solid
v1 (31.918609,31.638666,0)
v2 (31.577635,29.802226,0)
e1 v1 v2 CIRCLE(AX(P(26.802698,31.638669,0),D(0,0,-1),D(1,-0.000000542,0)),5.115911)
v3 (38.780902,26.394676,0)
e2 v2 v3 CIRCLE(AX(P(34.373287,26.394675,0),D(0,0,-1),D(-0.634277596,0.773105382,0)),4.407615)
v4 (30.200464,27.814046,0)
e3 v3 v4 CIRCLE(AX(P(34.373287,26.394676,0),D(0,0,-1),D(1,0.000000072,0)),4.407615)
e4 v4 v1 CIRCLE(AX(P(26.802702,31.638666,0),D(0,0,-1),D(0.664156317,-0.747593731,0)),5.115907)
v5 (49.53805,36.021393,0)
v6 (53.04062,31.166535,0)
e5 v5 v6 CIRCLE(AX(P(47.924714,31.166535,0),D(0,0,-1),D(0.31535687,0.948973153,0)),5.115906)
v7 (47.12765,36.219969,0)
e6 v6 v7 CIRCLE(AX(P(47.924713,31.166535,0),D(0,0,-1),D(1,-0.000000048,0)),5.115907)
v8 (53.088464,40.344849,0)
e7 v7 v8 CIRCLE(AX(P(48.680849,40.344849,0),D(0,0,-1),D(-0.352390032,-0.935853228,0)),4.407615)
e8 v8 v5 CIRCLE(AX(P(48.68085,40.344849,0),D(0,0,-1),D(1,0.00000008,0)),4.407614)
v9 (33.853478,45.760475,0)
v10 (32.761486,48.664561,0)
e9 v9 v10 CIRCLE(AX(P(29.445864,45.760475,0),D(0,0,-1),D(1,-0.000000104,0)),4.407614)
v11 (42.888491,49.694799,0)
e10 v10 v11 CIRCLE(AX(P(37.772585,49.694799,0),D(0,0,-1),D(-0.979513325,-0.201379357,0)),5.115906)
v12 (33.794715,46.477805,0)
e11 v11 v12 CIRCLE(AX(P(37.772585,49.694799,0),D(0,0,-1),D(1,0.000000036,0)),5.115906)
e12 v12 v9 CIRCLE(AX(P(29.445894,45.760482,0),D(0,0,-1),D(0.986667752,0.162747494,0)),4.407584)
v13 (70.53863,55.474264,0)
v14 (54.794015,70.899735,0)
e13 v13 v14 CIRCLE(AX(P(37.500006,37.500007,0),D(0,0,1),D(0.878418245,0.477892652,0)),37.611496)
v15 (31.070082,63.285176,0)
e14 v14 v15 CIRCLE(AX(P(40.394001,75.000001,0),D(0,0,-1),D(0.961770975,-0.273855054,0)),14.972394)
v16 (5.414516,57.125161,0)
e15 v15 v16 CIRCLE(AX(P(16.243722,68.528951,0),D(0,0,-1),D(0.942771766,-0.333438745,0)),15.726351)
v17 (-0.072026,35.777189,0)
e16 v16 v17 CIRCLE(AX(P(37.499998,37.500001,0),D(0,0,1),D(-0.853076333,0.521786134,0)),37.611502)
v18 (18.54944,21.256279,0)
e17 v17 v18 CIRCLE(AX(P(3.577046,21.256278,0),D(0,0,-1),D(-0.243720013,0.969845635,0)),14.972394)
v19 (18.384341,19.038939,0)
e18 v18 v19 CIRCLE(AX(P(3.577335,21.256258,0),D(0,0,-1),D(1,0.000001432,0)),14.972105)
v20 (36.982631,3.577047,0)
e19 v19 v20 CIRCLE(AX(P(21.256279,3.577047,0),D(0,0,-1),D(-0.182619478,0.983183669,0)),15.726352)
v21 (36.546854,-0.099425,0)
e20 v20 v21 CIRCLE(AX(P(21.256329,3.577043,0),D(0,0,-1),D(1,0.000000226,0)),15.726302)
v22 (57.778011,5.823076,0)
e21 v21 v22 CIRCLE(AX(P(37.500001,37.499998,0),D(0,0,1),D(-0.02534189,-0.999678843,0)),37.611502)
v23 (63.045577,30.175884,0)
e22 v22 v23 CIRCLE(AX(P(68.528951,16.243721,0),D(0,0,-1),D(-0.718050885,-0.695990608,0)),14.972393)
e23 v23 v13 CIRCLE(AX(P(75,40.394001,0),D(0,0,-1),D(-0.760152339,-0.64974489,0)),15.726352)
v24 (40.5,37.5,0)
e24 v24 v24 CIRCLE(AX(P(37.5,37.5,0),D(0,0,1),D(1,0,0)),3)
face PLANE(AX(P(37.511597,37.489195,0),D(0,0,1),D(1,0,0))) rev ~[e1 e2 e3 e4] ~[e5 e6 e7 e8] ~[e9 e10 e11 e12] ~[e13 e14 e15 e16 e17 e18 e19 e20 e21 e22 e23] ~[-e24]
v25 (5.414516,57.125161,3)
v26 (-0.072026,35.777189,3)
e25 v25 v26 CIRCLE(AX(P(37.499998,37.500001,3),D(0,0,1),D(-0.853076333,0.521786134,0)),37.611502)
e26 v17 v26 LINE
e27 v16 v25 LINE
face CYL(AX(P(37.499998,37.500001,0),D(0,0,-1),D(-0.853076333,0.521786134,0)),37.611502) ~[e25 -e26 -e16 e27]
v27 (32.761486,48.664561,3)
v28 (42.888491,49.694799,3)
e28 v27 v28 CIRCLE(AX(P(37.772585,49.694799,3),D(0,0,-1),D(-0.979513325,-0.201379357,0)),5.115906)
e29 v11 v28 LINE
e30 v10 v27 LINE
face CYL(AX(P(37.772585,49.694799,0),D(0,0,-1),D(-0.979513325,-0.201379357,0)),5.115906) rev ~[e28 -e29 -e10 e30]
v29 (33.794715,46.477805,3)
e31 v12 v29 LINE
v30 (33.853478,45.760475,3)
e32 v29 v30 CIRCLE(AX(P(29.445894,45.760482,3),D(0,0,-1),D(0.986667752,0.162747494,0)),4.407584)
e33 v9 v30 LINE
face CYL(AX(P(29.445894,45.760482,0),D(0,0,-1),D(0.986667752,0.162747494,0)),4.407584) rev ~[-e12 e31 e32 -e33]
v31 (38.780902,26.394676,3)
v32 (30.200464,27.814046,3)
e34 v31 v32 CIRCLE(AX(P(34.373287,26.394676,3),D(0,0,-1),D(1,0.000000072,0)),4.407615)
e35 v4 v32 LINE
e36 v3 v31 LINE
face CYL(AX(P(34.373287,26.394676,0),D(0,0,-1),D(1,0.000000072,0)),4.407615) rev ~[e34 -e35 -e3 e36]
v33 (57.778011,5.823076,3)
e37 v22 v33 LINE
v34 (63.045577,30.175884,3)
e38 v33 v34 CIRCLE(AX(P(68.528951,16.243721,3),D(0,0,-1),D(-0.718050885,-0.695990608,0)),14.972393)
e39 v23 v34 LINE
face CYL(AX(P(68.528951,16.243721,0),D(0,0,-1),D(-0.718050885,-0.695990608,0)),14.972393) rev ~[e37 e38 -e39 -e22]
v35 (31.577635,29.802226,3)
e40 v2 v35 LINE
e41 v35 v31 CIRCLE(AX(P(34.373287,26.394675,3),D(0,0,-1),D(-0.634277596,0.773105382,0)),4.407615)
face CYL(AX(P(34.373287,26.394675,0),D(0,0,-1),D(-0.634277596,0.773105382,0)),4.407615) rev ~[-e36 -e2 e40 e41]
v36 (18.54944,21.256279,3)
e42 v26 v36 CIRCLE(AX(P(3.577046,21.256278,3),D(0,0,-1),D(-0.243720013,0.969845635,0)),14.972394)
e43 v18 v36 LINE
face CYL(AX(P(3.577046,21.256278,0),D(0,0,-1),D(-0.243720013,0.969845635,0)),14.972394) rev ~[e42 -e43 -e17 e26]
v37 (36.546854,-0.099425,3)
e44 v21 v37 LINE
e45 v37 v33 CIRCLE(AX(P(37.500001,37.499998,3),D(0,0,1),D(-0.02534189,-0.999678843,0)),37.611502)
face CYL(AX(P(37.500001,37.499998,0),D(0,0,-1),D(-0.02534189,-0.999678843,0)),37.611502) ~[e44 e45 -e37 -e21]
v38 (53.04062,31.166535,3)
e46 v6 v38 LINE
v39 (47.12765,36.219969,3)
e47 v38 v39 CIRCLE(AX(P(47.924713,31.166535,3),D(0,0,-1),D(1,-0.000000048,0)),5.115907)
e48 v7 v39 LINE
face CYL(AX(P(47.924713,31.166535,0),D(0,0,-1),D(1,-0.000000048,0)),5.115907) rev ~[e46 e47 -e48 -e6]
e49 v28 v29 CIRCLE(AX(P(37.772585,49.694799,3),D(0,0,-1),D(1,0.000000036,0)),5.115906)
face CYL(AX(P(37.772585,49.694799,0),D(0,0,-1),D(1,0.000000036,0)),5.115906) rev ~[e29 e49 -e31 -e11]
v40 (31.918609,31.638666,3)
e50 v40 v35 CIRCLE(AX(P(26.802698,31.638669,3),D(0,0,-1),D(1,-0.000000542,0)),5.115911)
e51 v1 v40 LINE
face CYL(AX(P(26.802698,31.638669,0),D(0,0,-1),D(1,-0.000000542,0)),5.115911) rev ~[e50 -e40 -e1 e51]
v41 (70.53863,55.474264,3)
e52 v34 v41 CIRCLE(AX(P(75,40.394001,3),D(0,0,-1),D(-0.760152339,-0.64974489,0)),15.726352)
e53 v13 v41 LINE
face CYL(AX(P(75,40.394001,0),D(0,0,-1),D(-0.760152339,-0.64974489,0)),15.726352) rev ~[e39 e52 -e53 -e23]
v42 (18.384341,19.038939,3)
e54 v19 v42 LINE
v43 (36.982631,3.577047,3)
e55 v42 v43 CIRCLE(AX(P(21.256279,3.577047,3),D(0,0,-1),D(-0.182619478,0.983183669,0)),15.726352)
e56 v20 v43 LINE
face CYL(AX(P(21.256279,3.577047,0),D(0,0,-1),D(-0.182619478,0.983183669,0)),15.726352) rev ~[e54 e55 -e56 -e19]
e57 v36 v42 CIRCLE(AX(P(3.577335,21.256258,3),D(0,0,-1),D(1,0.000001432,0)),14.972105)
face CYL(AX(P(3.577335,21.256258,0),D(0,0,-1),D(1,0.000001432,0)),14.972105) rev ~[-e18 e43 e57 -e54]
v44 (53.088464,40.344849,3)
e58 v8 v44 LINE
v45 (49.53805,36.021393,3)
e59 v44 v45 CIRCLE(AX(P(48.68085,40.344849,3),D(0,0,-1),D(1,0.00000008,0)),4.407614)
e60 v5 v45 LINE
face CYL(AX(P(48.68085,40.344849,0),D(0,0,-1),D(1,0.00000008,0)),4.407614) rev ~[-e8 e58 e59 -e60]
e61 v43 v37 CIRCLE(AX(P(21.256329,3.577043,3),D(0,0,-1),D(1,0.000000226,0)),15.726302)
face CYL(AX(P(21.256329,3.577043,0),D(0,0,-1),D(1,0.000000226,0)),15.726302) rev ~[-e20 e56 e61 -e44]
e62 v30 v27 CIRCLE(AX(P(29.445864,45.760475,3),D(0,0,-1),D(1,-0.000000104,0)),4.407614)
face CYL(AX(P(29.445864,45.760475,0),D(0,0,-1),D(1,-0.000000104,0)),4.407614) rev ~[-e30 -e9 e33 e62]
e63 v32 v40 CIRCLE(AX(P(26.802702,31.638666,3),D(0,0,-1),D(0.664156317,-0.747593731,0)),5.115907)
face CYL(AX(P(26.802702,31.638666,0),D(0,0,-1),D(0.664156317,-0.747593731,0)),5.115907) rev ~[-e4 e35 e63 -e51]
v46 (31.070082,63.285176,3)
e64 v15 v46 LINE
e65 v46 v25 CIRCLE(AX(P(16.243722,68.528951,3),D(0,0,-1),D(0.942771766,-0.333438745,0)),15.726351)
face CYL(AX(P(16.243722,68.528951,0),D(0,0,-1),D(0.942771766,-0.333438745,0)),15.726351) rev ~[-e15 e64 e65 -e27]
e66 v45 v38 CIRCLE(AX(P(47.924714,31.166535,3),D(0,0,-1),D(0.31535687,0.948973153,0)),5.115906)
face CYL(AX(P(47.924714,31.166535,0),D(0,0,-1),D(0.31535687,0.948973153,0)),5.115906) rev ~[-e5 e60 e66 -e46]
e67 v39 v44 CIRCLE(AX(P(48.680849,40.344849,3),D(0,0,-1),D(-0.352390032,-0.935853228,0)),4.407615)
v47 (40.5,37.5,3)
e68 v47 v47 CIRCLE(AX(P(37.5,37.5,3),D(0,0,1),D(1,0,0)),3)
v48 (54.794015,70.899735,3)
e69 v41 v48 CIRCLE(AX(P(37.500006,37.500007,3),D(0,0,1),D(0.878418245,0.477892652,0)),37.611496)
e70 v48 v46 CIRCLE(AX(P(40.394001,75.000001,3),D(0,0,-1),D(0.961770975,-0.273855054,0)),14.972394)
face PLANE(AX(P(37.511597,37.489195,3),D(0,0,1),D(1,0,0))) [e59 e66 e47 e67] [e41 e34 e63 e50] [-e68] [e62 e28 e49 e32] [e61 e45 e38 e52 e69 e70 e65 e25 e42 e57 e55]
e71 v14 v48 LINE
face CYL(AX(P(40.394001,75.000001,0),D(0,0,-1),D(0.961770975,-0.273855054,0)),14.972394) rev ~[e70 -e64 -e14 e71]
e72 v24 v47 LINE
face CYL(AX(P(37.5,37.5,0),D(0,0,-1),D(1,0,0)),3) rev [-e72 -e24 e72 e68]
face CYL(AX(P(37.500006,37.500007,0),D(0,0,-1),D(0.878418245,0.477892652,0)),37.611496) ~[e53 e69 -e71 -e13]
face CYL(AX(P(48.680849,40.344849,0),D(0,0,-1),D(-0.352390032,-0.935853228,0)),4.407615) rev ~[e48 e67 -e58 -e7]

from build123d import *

# Parameters (mm, degrees)
F0_R     = 3
F1_DEPTH = 3


with BuildPart() as f1:
    # F0 (on Top) → F1 (new body)
    with BuildSketch(Plane.XY):
        with BuildLine():
            ThreePointArc((63.045577, 30.175884), (59.921155, 44.86016), (70.53863, 55.474264))
            ThreePointArc((70.53863, 55.474264), (63.821666, 64.366246), (54.794015, 70.899735))
            ThreePointArc((54.794015, 70.899735), (44.969704, 60.743931), (31.070082, 63.285176))
            ThreePointArc((31.070082, 63.285176), (19.915337, 53.237209), (5.414516, 57.125161))
            ThreePointArc((5.414516, 57.125161), (1.072316, 46.862108), (-0.072026, 35.777189))
            ThreePointArc((-0.072026, 35.777189), (12.784033, 33.063224), (18.54944, 21.256279))
            ThreePointArc((18.54944, 21.256279), (18.508109, 20.14454), (18.384341, 19.038939))
            ThreePointArc((18.384341, 19.038939), (31.309961, 15.670087), (36.982631, 3.577047))
            ThreePointArc((36.982631, 3.577047), (36.873307, 1.725943), (36.546854, -0.099425))
            ThreePointArc((36.546854, -0.099425), (47.606019, 1.271646), (57.778011, 5.823076))
            ThreePointArc((57.778011, 5.823076), (53.894982, 19.409081), (63.045577, 30.175884))
        make_face()
        with BuildLine():
            ThreePointArc((30.200464, 27.814046), (22.136058, 33.735076), (31.918609, 31.638666))
            ThreePointArc((31.918609, 31.638666), (31.832643, 30.704753), (31.577635, 29.802226))
            ThreePointArc((31.577635, 29.802226), (36.258083, 30.378971), (38.780902, 26.394676))
            ThreePointArc((38.780902, 26.394676), (33.653958, 22.046155), (30.200464, 27.814046))
        make_face(mode=Mode.SUBTRACT)
        with Locations((37.5, 37.5)):
            Circle(F0_R, mode=Mode.SUBTRACT)
        with BuildLine():
            ThreePointArc((47.12765, 36.219969), (46.172746, 43.969278), (53.088464, 40.344849))
            ThreePointArc((53.088464, 40.344849), (52.087114, 37.547631), (49.53805, 36.021393))
            ThreePointArc((49.53805, 36.021393), (52.07358, 34.159762), (53.04062, 31.166535))
            ThreePointArc((53.04062, 31.166535), (44.60095, 27.277435), (47.12765, 36.219969))
        make_face(mode=Mode.SUBTRACT)
        with BuildLine():
            ThreePointArc((32.761486, 48.664561), (37.254807, 54.784436), (42.888491, 49.694799))
            ThreePointArc((42.888491, 49.694799), (39.478763, 44.871786), (33.794715, 46.477805))
            ThreePointArc((33.794715, 46.477805), (33.838763, 46.120341), (33.853478, 45.760475))
            ThreePointArc((33.853478, 45.760475), (25.32027, 44.209172), (32.761486, 48.664561))
        make_face(mode=Mode.SUBTRACT)
    extrude(amount=F1_DEPTH)


solid = f1.part
